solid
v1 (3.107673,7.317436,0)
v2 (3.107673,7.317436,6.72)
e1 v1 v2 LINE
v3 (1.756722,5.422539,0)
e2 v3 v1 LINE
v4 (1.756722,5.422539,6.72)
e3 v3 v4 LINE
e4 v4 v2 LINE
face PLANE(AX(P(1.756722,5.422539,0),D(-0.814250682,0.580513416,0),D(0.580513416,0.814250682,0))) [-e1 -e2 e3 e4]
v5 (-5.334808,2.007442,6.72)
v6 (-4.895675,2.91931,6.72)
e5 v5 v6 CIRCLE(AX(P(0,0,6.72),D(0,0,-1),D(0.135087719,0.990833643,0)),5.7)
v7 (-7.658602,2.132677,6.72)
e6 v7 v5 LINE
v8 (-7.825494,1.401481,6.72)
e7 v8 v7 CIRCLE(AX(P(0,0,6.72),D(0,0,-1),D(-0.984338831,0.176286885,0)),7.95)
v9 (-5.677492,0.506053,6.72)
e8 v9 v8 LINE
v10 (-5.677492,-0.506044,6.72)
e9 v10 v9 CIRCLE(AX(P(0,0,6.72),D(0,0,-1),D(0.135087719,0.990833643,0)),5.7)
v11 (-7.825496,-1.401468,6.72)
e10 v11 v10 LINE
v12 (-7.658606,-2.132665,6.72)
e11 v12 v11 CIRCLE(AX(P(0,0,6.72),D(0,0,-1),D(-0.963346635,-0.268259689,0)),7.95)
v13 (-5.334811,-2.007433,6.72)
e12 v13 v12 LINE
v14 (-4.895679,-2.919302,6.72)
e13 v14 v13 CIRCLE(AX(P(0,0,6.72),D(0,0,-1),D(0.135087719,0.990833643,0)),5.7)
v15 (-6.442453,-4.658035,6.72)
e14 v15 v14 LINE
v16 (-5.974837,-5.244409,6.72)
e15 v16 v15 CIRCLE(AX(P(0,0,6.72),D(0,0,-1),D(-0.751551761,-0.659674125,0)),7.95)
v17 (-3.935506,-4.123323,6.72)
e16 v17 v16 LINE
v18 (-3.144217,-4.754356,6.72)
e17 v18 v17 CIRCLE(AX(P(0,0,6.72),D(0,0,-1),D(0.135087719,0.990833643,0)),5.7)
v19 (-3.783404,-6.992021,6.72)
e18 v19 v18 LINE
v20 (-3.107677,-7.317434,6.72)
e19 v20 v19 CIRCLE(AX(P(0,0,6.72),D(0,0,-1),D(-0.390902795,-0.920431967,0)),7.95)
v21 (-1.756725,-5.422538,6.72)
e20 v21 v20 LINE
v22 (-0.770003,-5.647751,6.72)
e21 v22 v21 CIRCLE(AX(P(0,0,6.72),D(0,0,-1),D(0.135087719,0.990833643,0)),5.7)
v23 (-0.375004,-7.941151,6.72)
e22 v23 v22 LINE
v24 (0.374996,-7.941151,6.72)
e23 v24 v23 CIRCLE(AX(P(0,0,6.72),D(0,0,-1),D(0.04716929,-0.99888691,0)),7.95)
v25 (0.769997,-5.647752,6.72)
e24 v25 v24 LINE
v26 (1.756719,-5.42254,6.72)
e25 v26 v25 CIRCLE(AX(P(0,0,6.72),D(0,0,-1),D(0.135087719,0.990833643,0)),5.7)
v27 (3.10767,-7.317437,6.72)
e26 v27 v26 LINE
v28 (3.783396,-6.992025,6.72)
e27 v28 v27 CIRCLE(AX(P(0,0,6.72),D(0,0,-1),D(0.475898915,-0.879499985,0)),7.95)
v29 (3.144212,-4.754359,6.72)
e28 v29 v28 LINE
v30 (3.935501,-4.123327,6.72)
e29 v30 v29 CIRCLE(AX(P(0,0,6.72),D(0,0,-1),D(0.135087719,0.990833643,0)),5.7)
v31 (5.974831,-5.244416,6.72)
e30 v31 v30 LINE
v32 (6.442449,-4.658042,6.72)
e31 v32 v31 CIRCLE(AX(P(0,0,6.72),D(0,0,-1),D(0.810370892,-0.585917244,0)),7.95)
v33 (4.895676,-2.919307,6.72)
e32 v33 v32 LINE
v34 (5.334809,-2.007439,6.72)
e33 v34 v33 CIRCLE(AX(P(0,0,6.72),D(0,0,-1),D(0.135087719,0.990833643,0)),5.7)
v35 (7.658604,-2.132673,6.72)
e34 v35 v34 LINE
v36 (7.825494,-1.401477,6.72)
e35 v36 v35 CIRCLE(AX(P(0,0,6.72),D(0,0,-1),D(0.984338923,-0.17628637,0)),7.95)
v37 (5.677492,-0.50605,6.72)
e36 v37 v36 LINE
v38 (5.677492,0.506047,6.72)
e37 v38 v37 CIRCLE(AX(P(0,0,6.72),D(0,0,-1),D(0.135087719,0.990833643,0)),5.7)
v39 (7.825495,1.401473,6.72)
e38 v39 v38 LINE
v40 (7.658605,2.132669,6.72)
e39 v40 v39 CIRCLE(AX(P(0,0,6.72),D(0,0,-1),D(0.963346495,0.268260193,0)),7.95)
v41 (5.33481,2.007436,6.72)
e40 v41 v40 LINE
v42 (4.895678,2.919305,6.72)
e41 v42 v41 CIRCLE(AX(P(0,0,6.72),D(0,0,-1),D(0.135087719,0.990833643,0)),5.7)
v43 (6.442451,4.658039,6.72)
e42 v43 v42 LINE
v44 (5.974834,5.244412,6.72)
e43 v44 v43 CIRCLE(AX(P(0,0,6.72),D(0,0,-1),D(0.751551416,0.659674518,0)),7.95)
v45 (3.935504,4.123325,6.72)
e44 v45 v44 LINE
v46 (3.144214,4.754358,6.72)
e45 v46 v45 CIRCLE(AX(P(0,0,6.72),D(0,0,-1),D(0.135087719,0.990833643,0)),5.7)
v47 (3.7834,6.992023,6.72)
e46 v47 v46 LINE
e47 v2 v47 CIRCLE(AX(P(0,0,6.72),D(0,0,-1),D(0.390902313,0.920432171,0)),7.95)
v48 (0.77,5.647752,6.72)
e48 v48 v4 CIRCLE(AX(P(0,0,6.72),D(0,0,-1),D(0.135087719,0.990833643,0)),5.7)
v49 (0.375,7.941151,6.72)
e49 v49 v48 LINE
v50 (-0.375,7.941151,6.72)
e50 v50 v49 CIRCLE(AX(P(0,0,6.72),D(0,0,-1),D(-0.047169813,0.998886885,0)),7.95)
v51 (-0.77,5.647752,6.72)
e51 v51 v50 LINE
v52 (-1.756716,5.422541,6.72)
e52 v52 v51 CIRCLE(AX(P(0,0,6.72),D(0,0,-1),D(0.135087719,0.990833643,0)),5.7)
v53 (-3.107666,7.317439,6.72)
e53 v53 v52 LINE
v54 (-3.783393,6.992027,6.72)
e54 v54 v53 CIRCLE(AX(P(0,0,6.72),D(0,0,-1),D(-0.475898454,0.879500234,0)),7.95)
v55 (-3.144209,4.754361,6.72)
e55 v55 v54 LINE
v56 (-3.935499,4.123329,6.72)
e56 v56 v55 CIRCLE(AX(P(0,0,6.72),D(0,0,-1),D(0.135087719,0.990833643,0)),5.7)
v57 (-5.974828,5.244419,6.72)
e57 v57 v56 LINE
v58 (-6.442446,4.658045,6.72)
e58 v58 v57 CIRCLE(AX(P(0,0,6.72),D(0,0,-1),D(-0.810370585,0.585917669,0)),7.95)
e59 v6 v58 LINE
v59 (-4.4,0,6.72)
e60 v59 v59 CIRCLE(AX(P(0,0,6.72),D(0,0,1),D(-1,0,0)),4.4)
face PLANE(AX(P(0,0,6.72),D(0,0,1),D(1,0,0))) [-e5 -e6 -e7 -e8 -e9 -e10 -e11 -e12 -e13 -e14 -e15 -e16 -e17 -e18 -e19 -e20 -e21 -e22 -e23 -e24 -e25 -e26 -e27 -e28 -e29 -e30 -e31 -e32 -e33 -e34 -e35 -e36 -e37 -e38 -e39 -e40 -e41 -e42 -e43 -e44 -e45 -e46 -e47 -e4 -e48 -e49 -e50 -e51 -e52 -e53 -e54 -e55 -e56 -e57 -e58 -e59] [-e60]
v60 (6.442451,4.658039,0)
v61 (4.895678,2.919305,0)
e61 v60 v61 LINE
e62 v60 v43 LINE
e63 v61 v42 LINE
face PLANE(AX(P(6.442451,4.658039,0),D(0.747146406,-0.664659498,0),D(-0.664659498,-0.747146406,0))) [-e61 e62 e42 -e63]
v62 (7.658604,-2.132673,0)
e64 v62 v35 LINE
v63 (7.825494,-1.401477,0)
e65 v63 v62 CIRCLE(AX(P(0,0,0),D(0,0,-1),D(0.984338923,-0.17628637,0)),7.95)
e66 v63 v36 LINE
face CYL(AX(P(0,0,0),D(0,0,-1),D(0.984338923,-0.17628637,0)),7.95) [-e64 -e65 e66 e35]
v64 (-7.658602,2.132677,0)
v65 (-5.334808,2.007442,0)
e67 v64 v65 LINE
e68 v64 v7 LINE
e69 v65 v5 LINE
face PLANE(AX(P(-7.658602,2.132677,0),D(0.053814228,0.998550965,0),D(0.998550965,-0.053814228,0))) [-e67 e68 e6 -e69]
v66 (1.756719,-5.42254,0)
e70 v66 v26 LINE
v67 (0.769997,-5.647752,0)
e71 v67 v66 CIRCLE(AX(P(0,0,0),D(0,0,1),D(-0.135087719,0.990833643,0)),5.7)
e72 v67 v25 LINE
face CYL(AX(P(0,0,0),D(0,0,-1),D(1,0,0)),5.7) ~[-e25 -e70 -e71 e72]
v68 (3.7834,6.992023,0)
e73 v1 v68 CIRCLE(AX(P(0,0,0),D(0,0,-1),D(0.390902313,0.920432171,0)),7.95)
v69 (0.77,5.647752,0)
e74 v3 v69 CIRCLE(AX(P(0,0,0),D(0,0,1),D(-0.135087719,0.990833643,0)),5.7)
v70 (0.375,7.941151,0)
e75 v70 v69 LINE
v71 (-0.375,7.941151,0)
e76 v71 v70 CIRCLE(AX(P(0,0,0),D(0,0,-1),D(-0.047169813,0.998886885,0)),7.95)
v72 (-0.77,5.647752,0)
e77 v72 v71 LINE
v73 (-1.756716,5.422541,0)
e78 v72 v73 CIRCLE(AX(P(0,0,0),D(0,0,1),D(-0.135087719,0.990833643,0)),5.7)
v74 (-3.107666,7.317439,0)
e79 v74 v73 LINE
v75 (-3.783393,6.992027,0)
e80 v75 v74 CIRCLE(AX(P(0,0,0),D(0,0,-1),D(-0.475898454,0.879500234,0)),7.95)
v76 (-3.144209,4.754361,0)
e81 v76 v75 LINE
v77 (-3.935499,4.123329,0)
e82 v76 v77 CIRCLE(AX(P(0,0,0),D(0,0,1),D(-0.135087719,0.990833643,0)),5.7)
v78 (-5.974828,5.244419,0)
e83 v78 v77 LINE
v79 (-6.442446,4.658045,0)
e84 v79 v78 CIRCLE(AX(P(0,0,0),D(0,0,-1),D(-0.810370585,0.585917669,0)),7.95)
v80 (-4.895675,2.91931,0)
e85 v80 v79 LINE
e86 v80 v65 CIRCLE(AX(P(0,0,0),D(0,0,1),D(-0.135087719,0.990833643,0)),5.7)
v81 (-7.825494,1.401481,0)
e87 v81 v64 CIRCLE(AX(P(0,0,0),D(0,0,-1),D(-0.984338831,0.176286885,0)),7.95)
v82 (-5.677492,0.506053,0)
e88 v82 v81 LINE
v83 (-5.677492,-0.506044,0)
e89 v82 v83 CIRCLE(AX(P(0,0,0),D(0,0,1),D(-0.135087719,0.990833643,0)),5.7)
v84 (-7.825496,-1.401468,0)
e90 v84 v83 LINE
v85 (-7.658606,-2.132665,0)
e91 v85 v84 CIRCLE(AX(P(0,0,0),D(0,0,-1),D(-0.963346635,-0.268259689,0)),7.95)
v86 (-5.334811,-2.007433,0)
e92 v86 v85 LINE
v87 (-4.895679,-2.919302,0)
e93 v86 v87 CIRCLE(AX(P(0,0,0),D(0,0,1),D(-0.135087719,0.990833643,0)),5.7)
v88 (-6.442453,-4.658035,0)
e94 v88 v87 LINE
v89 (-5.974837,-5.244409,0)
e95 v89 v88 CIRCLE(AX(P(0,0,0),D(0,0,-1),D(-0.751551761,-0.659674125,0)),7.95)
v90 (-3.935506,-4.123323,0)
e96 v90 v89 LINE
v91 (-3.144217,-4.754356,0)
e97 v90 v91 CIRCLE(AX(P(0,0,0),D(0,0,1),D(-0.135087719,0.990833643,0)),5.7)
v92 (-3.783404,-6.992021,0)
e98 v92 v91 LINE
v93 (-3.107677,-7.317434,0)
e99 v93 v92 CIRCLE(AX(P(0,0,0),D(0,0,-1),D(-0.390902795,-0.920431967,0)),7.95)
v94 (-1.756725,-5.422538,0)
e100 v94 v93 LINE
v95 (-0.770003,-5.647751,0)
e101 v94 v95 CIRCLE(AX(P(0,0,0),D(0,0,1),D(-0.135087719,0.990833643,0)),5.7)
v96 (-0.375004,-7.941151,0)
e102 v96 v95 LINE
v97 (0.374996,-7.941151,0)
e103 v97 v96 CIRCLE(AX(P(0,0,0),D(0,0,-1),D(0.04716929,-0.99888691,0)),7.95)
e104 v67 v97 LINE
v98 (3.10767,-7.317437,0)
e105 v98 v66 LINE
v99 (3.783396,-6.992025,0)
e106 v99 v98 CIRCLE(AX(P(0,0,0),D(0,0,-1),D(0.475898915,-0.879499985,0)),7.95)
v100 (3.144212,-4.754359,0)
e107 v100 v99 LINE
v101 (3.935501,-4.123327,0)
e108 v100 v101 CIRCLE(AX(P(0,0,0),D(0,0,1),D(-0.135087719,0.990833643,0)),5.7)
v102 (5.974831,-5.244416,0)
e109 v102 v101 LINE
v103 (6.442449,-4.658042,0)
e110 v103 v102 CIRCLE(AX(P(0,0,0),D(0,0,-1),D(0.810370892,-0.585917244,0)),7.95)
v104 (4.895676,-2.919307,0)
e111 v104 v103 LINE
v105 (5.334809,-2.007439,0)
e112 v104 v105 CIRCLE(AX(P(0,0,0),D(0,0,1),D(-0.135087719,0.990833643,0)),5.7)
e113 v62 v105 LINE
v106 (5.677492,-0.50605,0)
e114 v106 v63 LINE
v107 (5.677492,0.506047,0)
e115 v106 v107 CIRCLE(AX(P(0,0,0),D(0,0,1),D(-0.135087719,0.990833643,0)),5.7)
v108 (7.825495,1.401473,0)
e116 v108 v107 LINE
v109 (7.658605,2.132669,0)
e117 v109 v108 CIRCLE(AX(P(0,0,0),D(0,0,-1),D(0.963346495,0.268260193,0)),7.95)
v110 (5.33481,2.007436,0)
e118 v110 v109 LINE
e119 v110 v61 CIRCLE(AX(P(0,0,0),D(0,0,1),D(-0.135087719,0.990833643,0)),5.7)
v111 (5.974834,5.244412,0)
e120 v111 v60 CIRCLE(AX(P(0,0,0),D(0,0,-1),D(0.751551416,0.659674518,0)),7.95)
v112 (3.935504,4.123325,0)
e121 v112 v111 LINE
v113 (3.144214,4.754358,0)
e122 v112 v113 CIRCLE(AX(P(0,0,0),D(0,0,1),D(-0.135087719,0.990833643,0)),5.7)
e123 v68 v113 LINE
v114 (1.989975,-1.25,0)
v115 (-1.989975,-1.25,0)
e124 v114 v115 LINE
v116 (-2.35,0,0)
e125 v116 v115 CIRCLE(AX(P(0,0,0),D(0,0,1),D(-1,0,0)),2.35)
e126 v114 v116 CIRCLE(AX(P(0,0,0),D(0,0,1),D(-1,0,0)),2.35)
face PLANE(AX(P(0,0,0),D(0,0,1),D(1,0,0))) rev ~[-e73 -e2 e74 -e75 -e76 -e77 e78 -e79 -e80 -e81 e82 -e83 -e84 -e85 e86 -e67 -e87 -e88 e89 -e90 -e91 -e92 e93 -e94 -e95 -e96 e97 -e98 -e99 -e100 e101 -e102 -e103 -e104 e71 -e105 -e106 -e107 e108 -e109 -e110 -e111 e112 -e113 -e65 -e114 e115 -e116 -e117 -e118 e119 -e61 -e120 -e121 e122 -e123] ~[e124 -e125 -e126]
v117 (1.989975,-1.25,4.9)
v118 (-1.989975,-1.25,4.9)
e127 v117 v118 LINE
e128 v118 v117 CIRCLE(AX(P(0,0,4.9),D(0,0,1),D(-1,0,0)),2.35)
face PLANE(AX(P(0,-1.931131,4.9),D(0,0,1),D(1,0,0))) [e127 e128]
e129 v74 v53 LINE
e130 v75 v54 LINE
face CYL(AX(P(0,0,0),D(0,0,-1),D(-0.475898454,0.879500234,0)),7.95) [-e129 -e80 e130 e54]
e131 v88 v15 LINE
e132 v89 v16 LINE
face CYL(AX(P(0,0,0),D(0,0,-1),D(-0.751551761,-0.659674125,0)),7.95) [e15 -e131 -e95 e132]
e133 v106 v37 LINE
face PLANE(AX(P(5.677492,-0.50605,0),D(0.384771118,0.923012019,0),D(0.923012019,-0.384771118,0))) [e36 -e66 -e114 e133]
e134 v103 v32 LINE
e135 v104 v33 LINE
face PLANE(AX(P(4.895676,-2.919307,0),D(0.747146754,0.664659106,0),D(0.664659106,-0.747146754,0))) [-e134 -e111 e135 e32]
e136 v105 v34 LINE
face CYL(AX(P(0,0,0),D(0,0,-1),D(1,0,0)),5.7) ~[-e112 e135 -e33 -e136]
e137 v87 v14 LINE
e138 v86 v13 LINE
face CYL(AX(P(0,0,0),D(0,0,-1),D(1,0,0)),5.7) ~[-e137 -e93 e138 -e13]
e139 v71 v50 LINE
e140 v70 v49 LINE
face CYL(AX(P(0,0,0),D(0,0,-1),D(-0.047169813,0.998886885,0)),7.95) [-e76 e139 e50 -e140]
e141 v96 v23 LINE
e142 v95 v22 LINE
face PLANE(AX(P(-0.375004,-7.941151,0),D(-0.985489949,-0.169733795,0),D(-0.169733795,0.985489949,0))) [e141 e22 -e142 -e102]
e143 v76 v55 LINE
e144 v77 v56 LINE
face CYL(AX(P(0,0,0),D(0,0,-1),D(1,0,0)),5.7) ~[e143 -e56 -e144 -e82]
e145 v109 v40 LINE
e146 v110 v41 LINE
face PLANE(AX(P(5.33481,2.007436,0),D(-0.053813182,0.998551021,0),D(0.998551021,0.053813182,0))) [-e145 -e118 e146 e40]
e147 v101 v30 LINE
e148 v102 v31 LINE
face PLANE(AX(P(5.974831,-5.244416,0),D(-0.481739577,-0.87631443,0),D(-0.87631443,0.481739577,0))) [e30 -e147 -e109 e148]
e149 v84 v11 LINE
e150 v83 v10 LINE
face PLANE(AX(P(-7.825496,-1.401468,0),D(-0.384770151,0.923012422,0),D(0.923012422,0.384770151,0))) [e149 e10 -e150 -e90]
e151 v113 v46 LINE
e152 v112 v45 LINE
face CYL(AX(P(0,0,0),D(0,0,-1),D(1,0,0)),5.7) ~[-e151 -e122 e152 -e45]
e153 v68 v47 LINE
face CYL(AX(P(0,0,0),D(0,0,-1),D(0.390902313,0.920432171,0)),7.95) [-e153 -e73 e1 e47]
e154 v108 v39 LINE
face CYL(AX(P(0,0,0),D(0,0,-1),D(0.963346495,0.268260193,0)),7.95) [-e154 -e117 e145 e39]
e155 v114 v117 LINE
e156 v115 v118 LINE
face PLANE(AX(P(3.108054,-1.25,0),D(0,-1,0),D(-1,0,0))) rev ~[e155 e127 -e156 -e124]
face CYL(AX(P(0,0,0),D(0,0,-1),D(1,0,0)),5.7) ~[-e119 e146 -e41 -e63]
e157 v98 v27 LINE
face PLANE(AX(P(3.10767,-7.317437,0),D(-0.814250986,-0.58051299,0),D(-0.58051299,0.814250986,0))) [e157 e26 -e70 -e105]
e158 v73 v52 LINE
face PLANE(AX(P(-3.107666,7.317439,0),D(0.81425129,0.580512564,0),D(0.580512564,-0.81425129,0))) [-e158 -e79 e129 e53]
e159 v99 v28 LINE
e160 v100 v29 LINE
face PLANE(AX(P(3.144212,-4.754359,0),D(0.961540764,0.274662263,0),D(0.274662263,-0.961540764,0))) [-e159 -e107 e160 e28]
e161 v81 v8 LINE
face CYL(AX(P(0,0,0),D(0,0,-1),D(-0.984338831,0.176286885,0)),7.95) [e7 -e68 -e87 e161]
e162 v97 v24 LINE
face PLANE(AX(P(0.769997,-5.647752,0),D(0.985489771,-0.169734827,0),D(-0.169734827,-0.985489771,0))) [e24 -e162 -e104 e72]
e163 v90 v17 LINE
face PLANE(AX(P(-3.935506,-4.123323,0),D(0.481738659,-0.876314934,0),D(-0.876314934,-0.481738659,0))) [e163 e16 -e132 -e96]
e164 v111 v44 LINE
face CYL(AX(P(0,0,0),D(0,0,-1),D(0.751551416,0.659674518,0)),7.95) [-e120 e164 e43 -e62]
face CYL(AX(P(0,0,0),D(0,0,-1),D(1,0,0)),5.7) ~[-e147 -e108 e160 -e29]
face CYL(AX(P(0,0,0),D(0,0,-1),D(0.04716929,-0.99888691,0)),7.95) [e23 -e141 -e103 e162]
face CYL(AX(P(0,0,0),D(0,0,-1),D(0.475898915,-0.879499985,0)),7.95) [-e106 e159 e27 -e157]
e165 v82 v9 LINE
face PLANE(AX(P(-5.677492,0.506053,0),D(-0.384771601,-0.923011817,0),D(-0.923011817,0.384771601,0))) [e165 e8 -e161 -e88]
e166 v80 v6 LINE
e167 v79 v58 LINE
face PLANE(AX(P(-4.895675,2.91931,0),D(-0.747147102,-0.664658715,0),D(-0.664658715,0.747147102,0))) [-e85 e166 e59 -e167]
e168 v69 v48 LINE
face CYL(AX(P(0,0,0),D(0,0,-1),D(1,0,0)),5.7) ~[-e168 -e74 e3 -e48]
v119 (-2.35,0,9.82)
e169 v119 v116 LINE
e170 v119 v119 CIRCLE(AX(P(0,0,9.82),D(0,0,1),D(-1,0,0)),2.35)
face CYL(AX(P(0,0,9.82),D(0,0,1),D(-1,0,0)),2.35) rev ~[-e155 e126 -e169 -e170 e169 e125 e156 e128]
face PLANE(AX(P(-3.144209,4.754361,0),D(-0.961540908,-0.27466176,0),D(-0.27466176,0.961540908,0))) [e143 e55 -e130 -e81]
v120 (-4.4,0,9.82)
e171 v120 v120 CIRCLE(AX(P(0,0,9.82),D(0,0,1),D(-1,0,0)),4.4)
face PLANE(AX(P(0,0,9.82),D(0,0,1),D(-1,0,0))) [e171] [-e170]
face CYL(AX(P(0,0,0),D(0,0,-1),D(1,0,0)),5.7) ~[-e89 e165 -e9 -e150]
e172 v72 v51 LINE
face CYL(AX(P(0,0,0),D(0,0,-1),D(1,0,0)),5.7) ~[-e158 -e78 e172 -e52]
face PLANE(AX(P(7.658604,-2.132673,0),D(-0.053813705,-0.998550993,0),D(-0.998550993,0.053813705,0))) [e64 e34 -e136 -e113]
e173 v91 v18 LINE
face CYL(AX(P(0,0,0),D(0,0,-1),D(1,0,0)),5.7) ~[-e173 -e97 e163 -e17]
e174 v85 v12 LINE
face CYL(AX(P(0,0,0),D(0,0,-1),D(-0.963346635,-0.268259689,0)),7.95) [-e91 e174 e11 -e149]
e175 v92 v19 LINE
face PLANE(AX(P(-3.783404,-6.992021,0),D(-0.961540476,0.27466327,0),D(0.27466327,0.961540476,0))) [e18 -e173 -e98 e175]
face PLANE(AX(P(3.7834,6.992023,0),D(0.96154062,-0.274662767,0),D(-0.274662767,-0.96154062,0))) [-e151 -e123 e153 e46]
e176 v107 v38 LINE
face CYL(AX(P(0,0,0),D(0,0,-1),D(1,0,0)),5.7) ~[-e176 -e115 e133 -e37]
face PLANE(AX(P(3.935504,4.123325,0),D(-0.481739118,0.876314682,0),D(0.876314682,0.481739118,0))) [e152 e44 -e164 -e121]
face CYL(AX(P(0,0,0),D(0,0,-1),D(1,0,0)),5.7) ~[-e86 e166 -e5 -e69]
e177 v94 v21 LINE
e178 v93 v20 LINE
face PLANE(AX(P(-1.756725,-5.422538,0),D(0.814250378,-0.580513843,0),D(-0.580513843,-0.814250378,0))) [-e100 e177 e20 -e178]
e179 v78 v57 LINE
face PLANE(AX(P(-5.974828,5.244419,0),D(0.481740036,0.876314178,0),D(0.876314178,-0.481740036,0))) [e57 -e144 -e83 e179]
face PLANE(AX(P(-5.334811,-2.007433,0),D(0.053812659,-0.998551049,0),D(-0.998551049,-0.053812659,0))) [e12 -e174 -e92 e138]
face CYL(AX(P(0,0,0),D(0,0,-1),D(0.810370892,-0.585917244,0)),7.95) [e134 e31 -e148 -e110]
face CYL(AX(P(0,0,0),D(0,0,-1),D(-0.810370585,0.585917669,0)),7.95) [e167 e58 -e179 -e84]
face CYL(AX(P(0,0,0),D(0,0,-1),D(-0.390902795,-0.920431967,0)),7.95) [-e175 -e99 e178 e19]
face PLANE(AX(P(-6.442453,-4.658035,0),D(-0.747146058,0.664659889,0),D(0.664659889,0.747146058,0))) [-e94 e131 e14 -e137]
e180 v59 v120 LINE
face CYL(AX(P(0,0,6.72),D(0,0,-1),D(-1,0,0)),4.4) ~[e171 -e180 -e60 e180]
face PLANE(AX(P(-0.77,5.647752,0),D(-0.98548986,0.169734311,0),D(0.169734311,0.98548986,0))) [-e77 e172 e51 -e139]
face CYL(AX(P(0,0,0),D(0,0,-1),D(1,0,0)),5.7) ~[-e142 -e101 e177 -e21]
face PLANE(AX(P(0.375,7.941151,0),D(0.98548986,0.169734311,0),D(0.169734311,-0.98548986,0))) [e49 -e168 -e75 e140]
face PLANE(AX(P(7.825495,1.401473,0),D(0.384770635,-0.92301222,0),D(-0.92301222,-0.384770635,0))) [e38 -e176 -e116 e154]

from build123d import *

# Parameters (mm, degrees)
SKETCH1_R              = 5.7
MOTOR_GEAR_SHAPE_DEPTH = 6.72
MOTOR_START            = -6.72
MOTOR_GEAR_TOOTH_DEPTH = 6.72
MOTOR_GEAR_TEETH_COUNT = 14
MOTOR_GEAR_TEETH_ANGLE = 334.28577
SKETCH3_R              = 4.4
SKETCH3_R_2            = 2.35
MOTOR_GEAR_BOSS_DEPTH  = 3.1
SKETCH4_R              = 2.35
MOTOR_SHAFT_HOLE_DEPTH = 15.861806289
MOTOR_SHAFT_FLAT_DEPTH = 4.9


with BuildPart() as part:
    # Sketch1 → motor gear shape (new body)
    with BuildSketch(Plane.XY):
        Circle(SKETCH1_R)
    extrude(amount=MOTOR_GEAR_SHAPE_DEPTH)

    # Sketch2 → motor gear tooth (add)
    with BuildSketch(Plane.XY.offset(6.72).offset(MOTOR_START)):
        with BuildLine():
            Line((0.375, 7.941150735), (0.77, 5.647751765))
            ThreePointArc((0.77, 5.647751765), (0, 5.7), (-0.77, 5.647751765))
            Line((-0.77, 5.647751765), (-0.375, 7.941150735))
            ThreePointArc((-0.375, 7.941150735), (0, 7.95), (0.375, 7.941150735))
        make_face()
    motor_gear_tooth = extrude(amount=MOTOR_GEAR_TOOTH_DEPTH)

    # motor gear teeth: motor gear tooth ×14 about axis
    motor_gear_teeth_axis = Axis((0, 0, 0), (0, 0, -1))
    for i in range(1, MOTOR_GEAR_TEETH_COUNT):
        add(motor_gear_tooth.rotate(motor_gear_teeth_axis, i * MOTOR_GEAR_TEETH_ANGLE / (MOTOR_GEAR_TEETH_COUNT - 1)))

    # Sketch3 → motor gear boss (add)
    with BuildSketch(Plane.XY.offset(6.72)):
        with Locations(Location((0, 0, 0), (0, 0, 180))):
            Circle(SKETCH3_R)
        with Locations(Location((0, 0, 0), (0, 0, 180))):
            Circle(SKETCH3_R_2, mode=Mode.SUBTRACT)
    extrude(amount=MOTOR_GEAR_BOSS_DEPTH)

    # Sketch4 → motor shaft hole (cut, through all)
    with BuildSketch(Plane.XY.offset(9.82)):
        with Locations(Location((0, 0, 0), (0, 0, 180))):
            Circle(SKETCH4_R)
    extrude(amount=-MOTOR_SHAFT_HOLE_DEPTH, mode=Mode.SUBTRACT)

    # Sketch5 → motor shaft flat (add)
    with BuildSketch(Plane(origin=(0, 0, 0), x_dir=(-1, 0, 0), z_dir=(0, 0, -1))):
        with BuildLine():
            Line((-3.108054054, -1.25), (3.108054054, -1.25))
            ThreePointArc((3.108054054, -1.25), (0, -3.35), (-3.108054054, -1.25))
        make_face()
    extrude(amount=-MOTOR_SHAFT_FLAT_DEPTH)


solid = part.part
